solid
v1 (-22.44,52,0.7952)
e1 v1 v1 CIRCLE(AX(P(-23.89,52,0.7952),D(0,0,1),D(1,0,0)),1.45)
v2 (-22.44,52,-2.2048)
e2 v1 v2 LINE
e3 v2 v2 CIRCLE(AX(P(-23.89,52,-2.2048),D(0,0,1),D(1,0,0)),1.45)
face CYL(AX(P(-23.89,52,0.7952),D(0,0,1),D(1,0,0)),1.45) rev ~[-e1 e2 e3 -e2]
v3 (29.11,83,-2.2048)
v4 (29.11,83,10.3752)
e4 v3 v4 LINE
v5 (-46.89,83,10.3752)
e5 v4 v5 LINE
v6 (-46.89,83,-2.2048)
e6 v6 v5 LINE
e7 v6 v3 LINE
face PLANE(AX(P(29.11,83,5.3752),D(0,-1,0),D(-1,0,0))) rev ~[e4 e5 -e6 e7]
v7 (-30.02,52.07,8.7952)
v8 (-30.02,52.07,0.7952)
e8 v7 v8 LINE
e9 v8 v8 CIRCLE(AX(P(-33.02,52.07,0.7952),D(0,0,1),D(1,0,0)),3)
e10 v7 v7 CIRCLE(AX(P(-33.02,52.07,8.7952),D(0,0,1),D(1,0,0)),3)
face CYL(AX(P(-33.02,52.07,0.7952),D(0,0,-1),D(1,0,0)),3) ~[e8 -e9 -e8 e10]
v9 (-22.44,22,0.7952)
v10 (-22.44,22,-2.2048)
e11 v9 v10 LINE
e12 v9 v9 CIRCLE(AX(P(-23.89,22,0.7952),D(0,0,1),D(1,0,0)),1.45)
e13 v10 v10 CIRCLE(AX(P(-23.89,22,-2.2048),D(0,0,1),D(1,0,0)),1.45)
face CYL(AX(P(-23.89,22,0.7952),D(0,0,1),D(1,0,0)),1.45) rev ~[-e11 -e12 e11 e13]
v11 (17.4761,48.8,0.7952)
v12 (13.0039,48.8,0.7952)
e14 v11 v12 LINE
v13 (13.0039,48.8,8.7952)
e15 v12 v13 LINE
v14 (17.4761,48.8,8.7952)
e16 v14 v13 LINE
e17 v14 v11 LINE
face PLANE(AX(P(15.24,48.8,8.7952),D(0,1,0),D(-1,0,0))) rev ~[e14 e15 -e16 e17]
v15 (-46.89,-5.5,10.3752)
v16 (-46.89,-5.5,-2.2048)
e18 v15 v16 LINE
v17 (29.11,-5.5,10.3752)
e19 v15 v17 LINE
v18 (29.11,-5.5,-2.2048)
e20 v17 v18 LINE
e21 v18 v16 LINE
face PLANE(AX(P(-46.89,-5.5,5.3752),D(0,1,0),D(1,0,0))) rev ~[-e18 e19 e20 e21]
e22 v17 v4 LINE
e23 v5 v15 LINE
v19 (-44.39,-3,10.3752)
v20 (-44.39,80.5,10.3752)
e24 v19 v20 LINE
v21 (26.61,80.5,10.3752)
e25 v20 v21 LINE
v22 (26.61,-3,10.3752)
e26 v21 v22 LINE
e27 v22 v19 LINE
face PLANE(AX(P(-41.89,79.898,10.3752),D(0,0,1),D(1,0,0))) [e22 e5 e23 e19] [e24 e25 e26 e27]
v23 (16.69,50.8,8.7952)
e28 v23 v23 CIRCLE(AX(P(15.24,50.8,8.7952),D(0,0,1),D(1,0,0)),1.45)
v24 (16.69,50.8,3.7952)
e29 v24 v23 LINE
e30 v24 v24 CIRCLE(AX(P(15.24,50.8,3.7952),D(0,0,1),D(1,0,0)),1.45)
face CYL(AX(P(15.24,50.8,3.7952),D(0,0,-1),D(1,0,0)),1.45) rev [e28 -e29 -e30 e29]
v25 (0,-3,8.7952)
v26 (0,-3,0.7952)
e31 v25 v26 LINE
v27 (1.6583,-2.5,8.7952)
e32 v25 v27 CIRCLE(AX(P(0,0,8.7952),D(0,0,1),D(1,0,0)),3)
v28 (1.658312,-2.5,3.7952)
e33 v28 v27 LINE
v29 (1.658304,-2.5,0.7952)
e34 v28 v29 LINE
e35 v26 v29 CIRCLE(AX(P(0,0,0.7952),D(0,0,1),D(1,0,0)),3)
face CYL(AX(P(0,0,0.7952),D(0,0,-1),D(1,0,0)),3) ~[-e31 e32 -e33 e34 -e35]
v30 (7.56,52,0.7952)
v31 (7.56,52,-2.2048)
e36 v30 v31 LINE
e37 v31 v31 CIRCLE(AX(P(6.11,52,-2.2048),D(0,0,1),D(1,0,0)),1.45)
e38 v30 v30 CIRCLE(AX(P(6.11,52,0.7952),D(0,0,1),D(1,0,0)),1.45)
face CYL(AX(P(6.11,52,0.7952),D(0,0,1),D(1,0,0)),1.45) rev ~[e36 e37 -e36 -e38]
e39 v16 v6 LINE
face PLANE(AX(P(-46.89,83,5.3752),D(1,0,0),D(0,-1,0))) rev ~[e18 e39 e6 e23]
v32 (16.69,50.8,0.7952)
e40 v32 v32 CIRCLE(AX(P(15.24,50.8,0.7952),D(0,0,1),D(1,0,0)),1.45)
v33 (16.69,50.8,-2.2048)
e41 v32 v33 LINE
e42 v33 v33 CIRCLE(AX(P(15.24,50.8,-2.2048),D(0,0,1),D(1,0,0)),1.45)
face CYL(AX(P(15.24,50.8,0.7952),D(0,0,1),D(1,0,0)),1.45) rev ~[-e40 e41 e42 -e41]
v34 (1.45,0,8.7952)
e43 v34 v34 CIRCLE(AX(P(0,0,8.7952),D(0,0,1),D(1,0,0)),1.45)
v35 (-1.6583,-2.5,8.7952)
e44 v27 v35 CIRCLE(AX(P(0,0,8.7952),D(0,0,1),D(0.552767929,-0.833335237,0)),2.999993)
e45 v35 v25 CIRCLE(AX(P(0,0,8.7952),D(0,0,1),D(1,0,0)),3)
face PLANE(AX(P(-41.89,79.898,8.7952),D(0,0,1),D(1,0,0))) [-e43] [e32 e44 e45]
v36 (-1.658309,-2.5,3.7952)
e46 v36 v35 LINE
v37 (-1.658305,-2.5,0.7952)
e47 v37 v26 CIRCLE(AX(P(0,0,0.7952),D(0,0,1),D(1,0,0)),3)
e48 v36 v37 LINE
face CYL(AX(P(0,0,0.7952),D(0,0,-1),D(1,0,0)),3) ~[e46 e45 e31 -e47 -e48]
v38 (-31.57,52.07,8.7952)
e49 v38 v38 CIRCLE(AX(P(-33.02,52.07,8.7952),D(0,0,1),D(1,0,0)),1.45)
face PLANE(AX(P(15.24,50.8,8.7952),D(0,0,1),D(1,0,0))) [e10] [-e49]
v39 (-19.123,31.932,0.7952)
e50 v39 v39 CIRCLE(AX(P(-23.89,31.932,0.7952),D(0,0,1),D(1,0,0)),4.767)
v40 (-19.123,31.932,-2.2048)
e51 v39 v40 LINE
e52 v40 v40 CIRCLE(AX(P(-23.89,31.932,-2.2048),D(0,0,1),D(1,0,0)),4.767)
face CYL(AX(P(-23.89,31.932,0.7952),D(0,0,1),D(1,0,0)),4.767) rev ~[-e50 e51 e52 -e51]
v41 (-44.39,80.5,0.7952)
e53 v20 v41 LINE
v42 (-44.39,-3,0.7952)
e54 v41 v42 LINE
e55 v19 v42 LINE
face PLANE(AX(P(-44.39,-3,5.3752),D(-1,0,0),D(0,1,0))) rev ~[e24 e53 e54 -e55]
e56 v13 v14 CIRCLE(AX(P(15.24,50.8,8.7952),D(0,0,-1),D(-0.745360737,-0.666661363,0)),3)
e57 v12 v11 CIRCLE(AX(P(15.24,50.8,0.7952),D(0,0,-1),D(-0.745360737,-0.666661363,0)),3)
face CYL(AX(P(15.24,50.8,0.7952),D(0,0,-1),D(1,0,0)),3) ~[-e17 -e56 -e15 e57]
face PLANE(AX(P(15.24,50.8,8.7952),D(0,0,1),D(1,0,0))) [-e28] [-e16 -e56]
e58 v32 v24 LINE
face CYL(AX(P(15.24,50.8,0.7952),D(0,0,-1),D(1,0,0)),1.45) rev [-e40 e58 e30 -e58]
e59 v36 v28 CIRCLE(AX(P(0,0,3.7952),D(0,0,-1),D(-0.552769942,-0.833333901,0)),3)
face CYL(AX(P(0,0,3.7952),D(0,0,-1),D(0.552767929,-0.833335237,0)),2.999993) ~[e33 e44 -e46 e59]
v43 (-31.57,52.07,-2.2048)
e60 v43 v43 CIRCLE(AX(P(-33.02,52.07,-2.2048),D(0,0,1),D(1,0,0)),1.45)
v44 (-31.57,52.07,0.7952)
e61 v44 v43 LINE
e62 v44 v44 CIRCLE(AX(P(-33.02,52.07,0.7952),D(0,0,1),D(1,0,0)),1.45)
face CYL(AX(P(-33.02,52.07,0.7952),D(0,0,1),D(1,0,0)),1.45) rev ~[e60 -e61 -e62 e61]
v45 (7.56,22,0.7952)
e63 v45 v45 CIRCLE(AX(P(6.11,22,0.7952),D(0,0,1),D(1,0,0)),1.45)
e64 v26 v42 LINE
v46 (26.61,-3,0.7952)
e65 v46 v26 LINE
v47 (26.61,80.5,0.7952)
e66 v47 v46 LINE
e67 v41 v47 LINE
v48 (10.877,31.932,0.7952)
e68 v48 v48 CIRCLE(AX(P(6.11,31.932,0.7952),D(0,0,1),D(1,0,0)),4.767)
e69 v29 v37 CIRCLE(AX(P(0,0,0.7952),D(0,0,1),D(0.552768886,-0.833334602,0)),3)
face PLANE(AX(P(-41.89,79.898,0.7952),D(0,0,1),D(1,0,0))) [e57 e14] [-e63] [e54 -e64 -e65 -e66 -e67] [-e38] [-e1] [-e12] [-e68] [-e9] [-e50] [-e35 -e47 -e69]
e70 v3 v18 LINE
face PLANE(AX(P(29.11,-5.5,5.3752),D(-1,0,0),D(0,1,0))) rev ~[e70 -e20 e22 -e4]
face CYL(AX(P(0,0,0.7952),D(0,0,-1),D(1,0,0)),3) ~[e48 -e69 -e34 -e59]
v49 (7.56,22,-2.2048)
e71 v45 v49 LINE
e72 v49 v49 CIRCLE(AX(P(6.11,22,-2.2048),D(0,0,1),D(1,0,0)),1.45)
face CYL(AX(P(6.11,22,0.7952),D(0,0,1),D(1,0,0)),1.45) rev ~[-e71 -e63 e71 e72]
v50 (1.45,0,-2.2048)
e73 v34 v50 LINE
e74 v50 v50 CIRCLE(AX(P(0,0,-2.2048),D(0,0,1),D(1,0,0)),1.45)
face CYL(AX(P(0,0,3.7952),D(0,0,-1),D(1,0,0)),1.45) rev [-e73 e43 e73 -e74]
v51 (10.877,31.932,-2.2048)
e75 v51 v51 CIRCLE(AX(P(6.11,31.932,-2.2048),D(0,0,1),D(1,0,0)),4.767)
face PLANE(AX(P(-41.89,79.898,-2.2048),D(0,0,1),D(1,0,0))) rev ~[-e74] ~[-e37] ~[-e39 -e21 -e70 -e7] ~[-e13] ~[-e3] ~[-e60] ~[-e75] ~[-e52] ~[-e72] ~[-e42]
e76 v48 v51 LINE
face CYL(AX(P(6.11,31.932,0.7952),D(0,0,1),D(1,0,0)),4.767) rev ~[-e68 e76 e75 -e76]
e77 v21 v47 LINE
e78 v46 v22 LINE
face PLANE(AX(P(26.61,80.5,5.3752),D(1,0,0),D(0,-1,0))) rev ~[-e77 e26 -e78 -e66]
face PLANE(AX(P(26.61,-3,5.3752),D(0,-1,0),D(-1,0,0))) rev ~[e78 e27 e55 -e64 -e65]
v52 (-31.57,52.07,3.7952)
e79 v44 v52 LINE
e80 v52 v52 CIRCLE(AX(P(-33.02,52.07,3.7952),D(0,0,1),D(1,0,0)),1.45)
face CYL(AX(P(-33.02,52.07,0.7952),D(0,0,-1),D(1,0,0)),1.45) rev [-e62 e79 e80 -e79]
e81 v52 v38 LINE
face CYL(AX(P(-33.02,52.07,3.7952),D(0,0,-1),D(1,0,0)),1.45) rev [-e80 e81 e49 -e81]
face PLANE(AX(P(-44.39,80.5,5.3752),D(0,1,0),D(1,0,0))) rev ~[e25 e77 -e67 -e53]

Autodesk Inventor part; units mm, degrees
ref_plane "YZ Plane" through (0, 0, 0) normal (1, 0, 0) x (0, 1, 0)
ref_plane "XZ Plane" through (0, 0, 0) normal (0, 1, 0) x (-1, 0, 0)
ref_plane "Work Plane1" through (-41.89, 79.898, 0.7952) normal (0, 0, 1) x (1, 0, 0)
sketch "Sketch1" plane through (-41.89, 79.898, 0.7952) normal (0, 0, 1) x (1, 0, 0)
  circle A0 centre (41.89, -79.898) radius 1.45
  circle A1 centre (8.87, -27.828) radius 1.45
  circle A2 centre (57.13, -29.098) radius 1.45
  arc A3 (66, -80.398) -> (68, -78.398) centre (66, -78.398) ccw projected
  line L0 (66, 0.102) -> (0, 0.102) projected
  line L1 (-2, -1.898) -> (-2, -24.398) projected
  line L2 (-2, 0.102) -> (68, 0.102)
  line L3 (68, 0.102) -> (68, -82.398)
  line L4 (68, -82.398) -> (-2, -82.398)
  line L5 (-2, -82.398) -> (-2, 0.102)
  line L6 (-2, 3.102) -> (-5, 3.102)
  line L7 (68, -85.398) -> (71, -85.398)
  line L8 (-5, 3.102) -> (71, 3.102)
  line L9 (71, 3.102) -> (71, -85.398)
  line L10 (71, -85.398) -> (-5, -85.398)
  line L11 (-5, -85.398) -> (-5, 3.102)
  point P0 (44.5, -82.398)
  point P1 (-2, 3.102)
  point P2 (-2, -24.398)
  point P3 (-2, -1.898)
  point P4 (66, 0.102)
  dimension "d0" = 2.9
  dimension "d1" = 2.9
  dimension "d2" = 2.9
extrude "Extrusion1" add sketch "Sketch1" against normal blind 3 contours L2 L3 L4 L5 L1 L0 | L8 L9 L7 L10 L11 L6
sketch "Sketch2" plane through (-41.89, 79.898, 0.7952) normal (0, 0, 1) x (1, 0, 0)
  circle A0 centre (8.87, -27.828) radius 1.45 projected
  circle A1 centre (8.87, -27.828) radius 3
  circle A2 centre (57.13, -29.098) radius 1.45 projected
  circle A3 centre (57.13, -29.098) radius 3
  circle A4 centre (41.89, -79.898) radius 3
  circle A5 centre (41.89, -79.898) radius 1.45
  dimension "d9" = 6
  dimension "d10" = 6
  dimension "d11" = 6
extrude "Extrusion2" add sketch "Sketch2" along normal blind 3
sketch "Sketch3" plane through (-41.89, 79.898, 0.7952) normal (0, 0, 1) x (1, 0, 0)
  line L0 (71, -85.398) -> (-5, -85.398) projected
  circle A0 centre (18, -27.898) radius 1.45
  circle A1 centre (48, -27.898) radius 1.45
  circle A2 centre (18, -57.898) radius 1.45
  circle A3 centre (48, -57.898) radius 1.45
  point P0 (41.89, -79.898)
  dimension "d19" = 2.9
  dimension "d20" = 2.9
  dimension "d21" = 2.9
  dimension "d22" = 2.9
extrude "Extrusion3" cut sketch "Sketch3" against normal up to surface (3 mm away)
extrude "Extrusion5" add sketch "Sketch1" along normal blind 4.58 contours L8 L9 L7 L10 L11 L6
sketch "Sketch5" plane through (-41.89, 79.898, 5.3752) normal (0, 0, 1) x (1, 0, 0)
  line L0 (-2, 0.102) -> (-2, -82.398) projected
  line L1 (-2, -82.898) -> (68, -82.898)
  line L2 (43.5483, -82.398) -> (68, -82.398) projected
  line L3 (68, -82.898) -> (68.5, -82.898)
  line L4 (68.5, -82.898) -> (68.5, 0.102)
  line L5 (68, -82.398) -> (68, 0.102) projected
  line L6 (68.5, 0.102) -> (68.5, 0.602)
  line L7 (68.5, 0.602) -> (-2, 0.602)
  line L8 (-2, 0.602) -> (-2.5, 0.602)
  line L9 (-2.5, 0.602) -> (-2.5, -82.898)
  line L10 (-2.5, -82.898) -> (-2, -82.898)
  line L11 (-2, -82.398) -> (-2, 0.102) projected
  line L12 (68, -82.398) -> (-2, -82.398) projected
  line L13 (68, 0.102) -> (68, -82.398) projected
  line L14 (-2, 0.102) -> (68, 0.102) projected
  point P0 (41.89, -79.898)
  dimension "d33" = 0.5
  dimension "d34" = 0.5
  dimension "d35" = 0.5
  dimension "d36" = 0.5
extrude "Extrusion6" cut sketch "Sketch5" against normal up to surface (4.58 mm away)
sketch "Sketch6" plane through (-41.89, 79.898, 0.7952) normal (0, 0, 1) x (1, 0, 0)
  circle A0 centre (48, -57.898) radius 1.45 projected
  circle A1 centre (18, -57.898) radius 1.45 projected
  circle A2 centre (48, -47.966) radius 4.767
  circle A3 centre (18, -47.966) radius 4.767
  point P0 (41.89, -79.898)
  dimension "d40" = 9.534
extrude "Extrusion7" cut sketch "Sketch6" against normal up to surface (3 mm away) contours A2 | A3
sketch "Sketch7" plane through (15.24, 50.8, 3.7952) normal (0, 0, 1) x (1, 0, 0)
  line L0 (-16.8983, -53.3) -> (-13.5817, -53.3) projected
  arc A0 (-13.5817, -53.3) -> (-16.8983, -53.3) centre (-15.24, -50.8) ccw projected
  circle A1 centre (-15.24, -50.8) radius 1.45 projected
  circle A2 centre (-48.26, 1.27) radius 3 projected
  circle A3 centre (-48.26, 1.27) radius 1.45 projected
  circle A4 centre (0, 0) radius 3 projected
  circle A5 centre (0, 0) radius 1.45 projected
  point P0 (-15.24, -50.8)
extrude "Extrusion8" add sketch "Sketch7" along normal blind 5
sketch "Sketch8" plane through (-41.89, 79.898, 5.3752) normal (0, 0, 1) x (1, 0, 0)
  line L0 (68.5, -82.898) -> (-2.5, -82.898) projected
  line L1 (-2.5, -82.898) -> (-2.5, 0.602) projected
  line L2 (-2.5, 0.602) -> (68.5, 0.602) projected
  line L3 (68.5, 0.602) -> (68.5, -82.898) projected
  line L4 (71, 3.102) -> (-5, 3.102) projected
  line L5 (-5, 3.102) -> (-5, -85.398) projected
  line L6 (-5, -85.398) -> (71, -85.398) projected
  line L7 (71, -85.398) -> (71, 3.102) projected
  point P0 (41.89, -79.898)
extrude "Extrusion9" add sketch "Sketch8" along normal blind 5
sketch "Sketch9" plane through (15.24, 50.8, 8.7952) normal (0, 0, 1) x (1, 0, 0)
  circle A0 centre (0, 0) radius 1.45 projected
  circle A1 centre (0, 0) radius 3 projected
  line L0 (0, 0) -> (0, -2)
  line L1 (0, -2) -> (2.2361, -2)
  line L2 (0, -2) -> (-2.2361, -2)
  point P0 (-15.24, -50.8)
  dimension "d47" = 2
extrude "Extrusion10" cut sketch "Sketch9" against normal up to surface (8 mm away) contours L1 A1 L2 picked at (1.3106, -2.1582)
sketch "Sketch10" plane through (-41.89, 79.898, 0.7952) normal (0, 0, 1) x (1, 0, 0)
  arc A0 (43.5483, -82.398) -> (40.2317, -82.398) centre (41.89, -79.898) ccw projected
  circle A1 centre (41.89, -79.898) radius 3
  circle A2 centre (41.89, -79.898) radius 1.45 projected
  circle A3 centre (41.89, -79.898) radius 1.45
  point P0 (41.89, -79.898)
  point P1 (40.2317, -82.398)
extrude "Extrusion11" add sketch "Sketch10" along normal up to surface (8 mm away)
properties part number "nucleo_din_connector"
